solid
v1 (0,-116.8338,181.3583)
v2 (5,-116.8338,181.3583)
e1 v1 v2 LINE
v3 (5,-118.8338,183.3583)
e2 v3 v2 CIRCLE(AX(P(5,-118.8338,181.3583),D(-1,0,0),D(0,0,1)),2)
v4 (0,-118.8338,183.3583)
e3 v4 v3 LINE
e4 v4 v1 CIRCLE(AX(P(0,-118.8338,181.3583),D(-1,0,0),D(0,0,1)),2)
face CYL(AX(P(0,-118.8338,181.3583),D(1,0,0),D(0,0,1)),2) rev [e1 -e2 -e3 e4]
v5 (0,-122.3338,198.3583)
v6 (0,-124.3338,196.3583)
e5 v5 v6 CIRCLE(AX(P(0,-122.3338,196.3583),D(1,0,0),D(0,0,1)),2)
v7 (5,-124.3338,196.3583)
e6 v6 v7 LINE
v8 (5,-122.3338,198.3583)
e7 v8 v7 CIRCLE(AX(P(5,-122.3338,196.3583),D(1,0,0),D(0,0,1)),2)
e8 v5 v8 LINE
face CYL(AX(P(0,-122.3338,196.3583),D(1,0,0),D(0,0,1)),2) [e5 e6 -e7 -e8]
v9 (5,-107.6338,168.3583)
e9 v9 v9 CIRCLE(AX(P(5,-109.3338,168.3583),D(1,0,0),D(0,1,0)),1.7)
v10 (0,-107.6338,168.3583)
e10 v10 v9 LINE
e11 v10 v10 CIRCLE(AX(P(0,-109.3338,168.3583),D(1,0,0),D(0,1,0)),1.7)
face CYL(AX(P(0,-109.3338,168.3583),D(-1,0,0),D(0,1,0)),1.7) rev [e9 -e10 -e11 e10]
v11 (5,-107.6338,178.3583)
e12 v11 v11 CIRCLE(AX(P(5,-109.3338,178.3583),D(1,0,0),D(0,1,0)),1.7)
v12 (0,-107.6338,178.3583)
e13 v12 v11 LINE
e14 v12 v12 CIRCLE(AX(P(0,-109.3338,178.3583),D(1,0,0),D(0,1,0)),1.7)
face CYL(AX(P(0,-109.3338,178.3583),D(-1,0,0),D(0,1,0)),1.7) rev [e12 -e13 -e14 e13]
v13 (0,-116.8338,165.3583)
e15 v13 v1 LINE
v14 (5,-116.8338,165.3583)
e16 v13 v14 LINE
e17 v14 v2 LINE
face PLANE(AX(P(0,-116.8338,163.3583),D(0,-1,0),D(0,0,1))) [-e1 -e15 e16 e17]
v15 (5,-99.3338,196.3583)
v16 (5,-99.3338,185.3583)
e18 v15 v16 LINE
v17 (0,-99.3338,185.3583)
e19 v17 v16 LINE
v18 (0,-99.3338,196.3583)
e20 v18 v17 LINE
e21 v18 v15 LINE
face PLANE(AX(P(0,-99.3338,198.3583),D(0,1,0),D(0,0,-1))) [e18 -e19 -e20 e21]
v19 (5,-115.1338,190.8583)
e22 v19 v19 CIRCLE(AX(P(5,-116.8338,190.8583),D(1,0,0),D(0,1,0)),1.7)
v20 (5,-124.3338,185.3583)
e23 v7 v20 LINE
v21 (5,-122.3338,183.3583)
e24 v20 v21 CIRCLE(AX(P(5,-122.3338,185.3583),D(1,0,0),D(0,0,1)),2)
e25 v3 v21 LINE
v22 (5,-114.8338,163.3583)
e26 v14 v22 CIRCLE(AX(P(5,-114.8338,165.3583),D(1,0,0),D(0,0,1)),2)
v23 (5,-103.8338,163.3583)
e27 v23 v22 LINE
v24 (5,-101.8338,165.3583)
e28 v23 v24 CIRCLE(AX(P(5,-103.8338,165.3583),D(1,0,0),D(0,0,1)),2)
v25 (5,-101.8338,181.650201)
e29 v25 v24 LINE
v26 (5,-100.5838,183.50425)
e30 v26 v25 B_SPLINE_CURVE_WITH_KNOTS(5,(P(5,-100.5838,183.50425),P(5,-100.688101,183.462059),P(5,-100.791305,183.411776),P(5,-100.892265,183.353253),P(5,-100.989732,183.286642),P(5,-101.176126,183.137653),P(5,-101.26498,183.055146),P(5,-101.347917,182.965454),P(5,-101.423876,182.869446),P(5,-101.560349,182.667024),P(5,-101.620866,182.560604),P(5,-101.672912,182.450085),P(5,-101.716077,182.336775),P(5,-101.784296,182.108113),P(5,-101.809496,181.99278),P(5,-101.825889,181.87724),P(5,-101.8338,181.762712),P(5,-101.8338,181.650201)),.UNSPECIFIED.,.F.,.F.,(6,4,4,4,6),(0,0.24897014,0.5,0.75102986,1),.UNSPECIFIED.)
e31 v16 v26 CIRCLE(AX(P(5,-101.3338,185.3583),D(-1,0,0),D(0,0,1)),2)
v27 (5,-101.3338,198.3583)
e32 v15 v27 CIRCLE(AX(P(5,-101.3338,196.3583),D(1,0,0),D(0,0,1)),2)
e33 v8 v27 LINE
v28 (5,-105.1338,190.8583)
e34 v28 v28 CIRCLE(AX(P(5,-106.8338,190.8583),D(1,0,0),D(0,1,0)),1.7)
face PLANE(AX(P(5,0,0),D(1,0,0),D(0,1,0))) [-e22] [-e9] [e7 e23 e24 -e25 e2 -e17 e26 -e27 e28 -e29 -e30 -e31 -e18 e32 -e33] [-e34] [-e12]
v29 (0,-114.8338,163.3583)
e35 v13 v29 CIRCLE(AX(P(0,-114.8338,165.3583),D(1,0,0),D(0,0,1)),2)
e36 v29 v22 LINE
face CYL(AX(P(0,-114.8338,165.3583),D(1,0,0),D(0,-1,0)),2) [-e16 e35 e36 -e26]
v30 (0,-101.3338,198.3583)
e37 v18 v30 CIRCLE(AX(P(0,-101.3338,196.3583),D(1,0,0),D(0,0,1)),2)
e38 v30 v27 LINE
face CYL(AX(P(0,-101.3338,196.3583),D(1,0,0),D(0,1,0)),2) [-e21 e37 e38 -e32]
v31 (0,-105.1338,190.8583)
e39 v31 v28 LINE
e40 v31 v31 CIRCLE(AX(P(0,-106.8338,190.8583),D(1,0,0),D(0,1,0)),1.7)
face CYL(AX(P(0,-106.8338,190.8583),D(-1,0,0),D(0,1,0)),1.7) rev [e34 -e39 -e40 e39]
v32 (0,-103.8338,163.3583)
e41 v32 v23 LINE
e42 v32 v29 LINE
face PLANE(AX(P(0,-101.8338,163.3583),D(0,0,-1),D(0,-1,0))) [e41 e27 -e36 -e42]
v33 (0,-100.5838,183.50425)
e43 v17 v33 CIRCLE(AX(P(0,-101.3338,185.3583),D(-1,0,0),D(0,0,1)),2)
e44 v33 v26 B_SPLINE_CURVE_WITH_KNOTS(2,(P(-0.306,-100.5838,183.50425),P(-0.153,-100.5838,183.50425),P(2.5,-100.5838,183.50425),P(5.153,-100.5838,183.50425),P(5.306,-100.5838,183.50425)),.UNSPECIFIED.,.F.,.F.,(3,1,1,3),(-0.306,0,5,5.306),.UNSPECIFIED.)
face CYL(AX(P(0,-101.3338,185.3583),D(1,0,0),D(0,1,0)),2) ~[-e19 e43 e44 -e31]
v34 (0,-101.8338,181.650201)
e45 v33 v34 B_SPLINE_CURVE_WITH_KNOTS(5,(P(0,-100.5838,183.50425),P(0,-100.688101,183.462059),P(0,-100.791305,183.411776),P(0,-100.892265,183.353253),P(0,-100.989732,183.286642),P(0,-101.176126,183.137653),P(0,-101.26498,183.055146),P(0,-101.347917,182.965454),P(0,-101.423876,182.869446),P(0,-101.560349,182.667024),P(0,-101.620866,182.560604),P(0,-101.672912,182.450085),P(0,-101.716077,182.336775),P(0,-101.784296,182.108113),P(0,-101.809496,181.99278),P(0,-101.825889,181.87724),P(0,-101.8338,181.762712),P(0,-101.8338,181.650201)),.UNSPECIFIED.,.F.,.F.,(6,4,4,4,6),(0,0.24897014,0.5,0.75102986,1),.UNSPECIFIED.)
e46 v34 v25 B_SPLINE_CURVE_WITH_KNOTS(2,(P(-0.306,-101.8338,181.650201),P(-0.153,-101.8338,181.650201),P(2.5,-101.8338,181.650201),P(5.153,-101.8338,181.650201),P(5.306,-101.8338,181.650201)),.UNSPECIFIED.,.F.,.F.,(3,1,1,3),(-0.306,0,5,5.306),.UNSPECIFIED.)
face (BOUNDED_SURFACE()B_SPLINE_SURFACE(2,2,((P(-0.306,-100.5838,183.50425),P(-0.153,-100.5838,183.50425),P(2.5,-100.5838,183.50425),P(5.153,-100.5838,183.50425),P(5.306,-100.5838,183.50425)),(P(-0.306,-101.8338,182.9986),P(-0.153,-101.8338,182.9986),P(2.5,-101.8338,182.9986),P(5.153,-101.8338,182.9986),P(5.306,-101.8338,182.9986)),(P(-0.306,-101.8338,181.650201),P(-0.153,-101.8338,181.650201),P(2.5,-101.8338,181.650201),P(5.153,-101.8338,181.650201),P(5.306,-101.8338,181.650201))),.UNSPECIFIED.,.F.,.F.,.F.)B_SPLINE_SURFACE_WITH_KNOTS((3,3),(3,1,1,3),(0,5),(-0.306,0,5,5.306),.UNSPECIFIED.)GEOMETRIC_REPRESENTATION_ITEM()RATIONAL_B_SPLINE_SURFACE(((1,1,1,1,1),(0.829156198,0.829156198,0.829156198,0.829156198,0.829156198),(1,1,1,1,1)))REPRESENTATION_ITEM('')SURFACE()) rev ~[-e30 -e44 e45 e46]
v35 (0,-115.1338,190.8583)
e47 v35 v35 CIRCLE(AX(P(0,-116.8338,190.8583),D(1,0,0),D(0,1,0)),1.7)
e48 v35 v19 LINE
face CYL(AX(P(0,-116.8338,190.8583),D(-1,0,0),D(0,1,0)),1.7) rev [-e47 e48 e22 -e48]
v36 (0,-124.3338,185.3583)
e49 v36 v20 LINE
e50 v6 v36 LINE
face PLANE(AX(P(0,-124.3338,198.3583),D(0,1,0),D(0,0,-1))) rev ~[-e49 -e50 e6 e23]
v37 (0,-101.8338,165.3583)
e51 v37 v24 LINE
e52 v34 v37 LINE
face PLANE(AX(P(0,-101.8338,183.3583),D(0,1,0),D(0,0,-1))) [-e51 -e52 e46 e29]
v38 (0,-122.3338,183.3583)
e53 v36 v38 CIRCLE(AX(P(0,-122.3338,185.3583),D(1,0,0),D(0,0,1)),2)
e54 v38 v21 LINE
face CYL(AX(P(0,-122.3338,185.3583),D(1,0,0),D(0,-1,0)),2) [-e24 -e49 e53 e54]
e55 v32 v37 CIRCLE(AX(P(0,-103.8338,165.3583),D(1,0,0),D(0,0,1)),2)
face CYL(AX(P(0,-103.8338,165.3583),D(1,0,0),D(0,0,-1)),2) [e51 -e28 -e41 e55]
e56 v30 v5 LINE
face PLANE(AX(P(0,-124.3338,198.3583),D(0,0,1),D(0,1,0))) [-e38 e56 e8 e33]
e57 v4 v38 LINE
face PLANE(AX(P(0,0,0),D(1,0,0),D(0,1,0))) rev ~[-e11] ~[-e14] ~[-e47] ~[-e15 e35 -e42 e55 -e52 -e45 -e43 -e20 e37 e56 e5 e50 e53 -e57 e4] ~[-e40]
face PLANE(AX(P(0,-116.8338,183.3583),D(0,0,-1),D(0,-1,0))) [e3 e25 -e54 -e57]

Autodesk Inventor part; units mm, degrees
ref_plane "YZ Plane" through (0, 0, 0) normal (1, 0, 0) x (0, 1, 0)
ref_plane "XZ Plane" through (0, 0, 0) normal (0, 1, 0) x (-1, 0, 0)
ref_plane "XY Plane" through (0, 0, 0) normal (0, 0, 1) x (1, 0, 0)
sketch "スケッチ1" plane through (0, 0, 0) normal (1, 0, 0) x (0, 1, 0)
  line L0 (-166.8338, 198.3583) -> (193.1662, 198.3583)
  line L1 (193.1662, 198.3583) -> (193.1662, 183.3583)
  line L2 (193.1662, 183.3583) -> (-166.8338, 183.3583)
  line L3 (-166.8338, 183.3583) -> (-166.8338, 198.3583)
  line L4 (-166.8338, 233.3583) -> (-181.8338, 233.3583)
  line L5 (-181.8338, 233.3583) -> (-181.8338, 5.8583)
  line L6 (-181.8338, 5.8583) -> (-166.8338, 5.8583)
  line L7 (-166.8338, 5.8583) -> (-166.8338, 233.3583)
  line L8 (-166.8338, 233.3583) -> (-181.8338, 233.3583)
  line L9 (-181.8338, 233.3583) -> (-181.8338, 218.3583)
  line L10 (-181.8338, 218.3583) -> (-166.8338, 218.3583)
  line L11 (-166.8338, 218.3583) -> (-166.8338, 233.3583)
  line L12 (-116.8338, 183.3583) -> (-101.8338, 183.3583)
  line L13 (-101.8338, 183.3583) -> (-101.8338, 5.8583)
  line L14 (-101.8338, 5.8583) -> (-116.8338, 5.8583)
  line L15 (-116.8338, 5.8583) -> (-116.8338, 183.3583)
  line L16 (193.1662, 183.3583) -> (178.1662, 183.3583)
  line L17 (178.1662, 183.3583) -> (178.1662, 5.8583)
  line L18 (178.1662, 5.8583) -> (193.1662, 5.8583)
  line L19 (193.1662, 5.8583) -> (193.1662, 183.3583)
  circle A0 centre (-141.8338, 138.3583) radius 12.5
  circle A1 centre (-141.8338, 98.3583) radius 18.75
  line L20 (193.1662, 5.8583) -> (-166.8338, 5.8583)
  line L21 (-181.8338, 158.3583) -> (-101.8338, 158.3583)
  line L22 (-101.8338, 78.3583) -> (-181.8338, 78.3583)
  circle A2 centre (-141.8338, 98.3583) radius 20
  line L23 (-124.3338, 198.3583) -> (-124.3338, 183.3583)
  line L24 (-101.8338, 183.3583) -> (-101.8338, 198.3583)
  line L25 (-146.8338, 198.3583) -> (-146.8338, 183.3583)
  line L26 (-166.8338, 205.8583) -> (-181.8338, 205.8583)
  line L27 (-166.8338, 175.8583) -> (-181.8338, 175.8583)
  circle A3 centre (158.1662, 138.3583) radius 12.5
  line L28 (193.1662, 163.3583) -> (178.1662, 163.3583)
  line L29 (170.6662, 198.3583) -> (170.6662, 183.3583)
  line L30 (-166.8338, -186.6417) -> (193.1662, -186.6417)
  line L31 (193.1662, -186.6417) -> (193.1662, -171.6417)
  line L32 (193.1662, -171.6417) -> (-166.8338, -171.6417)
  line L33 (-166.8338, -171.6417) -> (-166.8338, -186.6417)
  line L34 (-166.8338, -221.6417) -> (-181.8338, -221.6417)
  line L35 (-181.8338, -221.6417) -> (-181.8338, 5.8583)
  line L36 (-166.8338, 5.8583) -> (-166.8338, -221.6417)
  line L37 (-166.8338, -221.6417) -> (-181.8338, -221.6417)
  line L38 (-181.8338, -221.6417) -> (-181.8338, -206.6417)
  line L39 (-181.8338, -206.6417) -> (-166.8338, -206.6417)
  line L40 (-166.8338, -206.6417) -> (-166.8338, -221.6417)
  line L41 (-116.8338, -171.6417) -> (-101.8338, -171.6417)
  line L42 (-101.8338, -171.6417) -> (-101.8338, 5.8583)
  line L43 (-116.8338, 5.8583) -> (-116.8338, -171.6417)
  line L44 (193.1662, -171.6417) -> (178.1662, -171.6417)
  line L45 (178.1662, -171.6417) -> (178.1662, 5.8583)
  line L46 (193.1662, 5.8583) -> (193.1662, -171.6417)
  circle A4 centre (-141.8338, -126.6417) radius 12.5
  circle A5 centre (-141.8338, -86.6417) radius 18.75
  line L47 (-181.8338, -146.6417) -> (-101.8338, -146.6417)
  line L48 (-101.8338, -66.6417) -> (-181.8338, -66.6417)
  circle A6 centre (-141.8338, -86.6417) radius 20
  line L49 (-124.3338, -186.6417) -> (-124.3338, -171.6417)
  line L50 (-101.8338, -171.6417) -> (-101.8338, -186.6417)
  line L51 (-146.8338, -186.6417) -> (-146.8338, -171.6417)
  line L52 (-166.8338, -194.1417) -> (-181.8338, -194.1417)
  line L53 (-166.8338, -164.1417) -> (-181.8338, -164.1417)
  circle A7 centre (158.1662, -126.6417) radius 12.5
  line L54 (193.1662, -151.6417) -> (178.1662, -151.6417)
  line L55 (170.6662, -186.6417) -> (170.6662, -171.6417)
  line L56 (193.1662, 158.3583) -> (145.6662, 158.3583)
  line L57 (145.6662, 158.3583) -> (145.6662, 78.3583)
  line L58 (145.6662, 78.3583) -> (193.1662, 78.3583)
  line L59 (193.1662, 78.3583) -> (193.1662, 158.3583)
  line L60 (178.1662, 158.3583) -> (154.1437, 150.1934)
  line L61 (147.3229, 132.1397) -> (178.1662, 78.3583)
  circle A8 centre (-116.8338, 190.8583) radius 1.7
  circle A9 centre (-106.8338, 190.8583) radius 1.7
  circle A10 centre (-109.3338, 178.3583) radius 1.7
  circle A11 centre (-109.3338, 168.3583) radius 1.7
  line L62 (-101.8338, 163.3583) -> (-116.8338, 163.3583)
  line L63 (-99.3338, 198.3583) -> (-99.3338, 183.3583)
  point P0 (0, 0)
  point P1 (-174.3338, 200.8583)
  point P2 (-174.3338, 190.8583)
  point P3 (-174.3338, 180.8583)
  point P4 (-161.8338, 190.8583)
  point P5 (-151.8338, 190.8583)
  point P6 (185.6662, 178.3583)
  point P7 (185.6662, 168.3583)
  point P8 (183.1662, 190.8583)
  point P9 (173.1662, 190.8583)
  point P10 (-109.3338, 183.3583)
  point P11 (193.1662, 190.8583)
  point P12 (-109.3338, 98.3583)
  point P13 (-109.3338, 138.3583)
  point P14 (-174.3338, 138.3583)
  point P15 (-174.3338, 98.3583)
  point P16 (-174.3338, -86.6417)
  point P17 (-109.3338, -86.6417)
  point P18 (-109.3338, -126.6417)
  point P19 (-174.3338, -126.6417)
  point P20 (-174.3338, -169.1417)
  point P21 (-174.3338, -179.1417)
  point P22 (-174.3338, -189.1417)
  point P23 (-161.8338, -179.1417)
  point P24 (-151.8338, -179.1417)
  point P25 (-116.8338, -179.1417)
  point P26 (-106.8338, -179.1417)
  point P27 (-109.3338, -166.6417)
  point P28 (-109.3338, -156.6417)
  point P29 (173.1662, -179.1417)
  point P30 (183.1662, -179.1417)
  point P31 (185.6662, -166.6417)
  point P32 (185.6662, -156.6417)
  point P33 (185.6662, 138.3583)
  point P34 (185.6662, 98.3583)
  point P35 (178.1662, 94.6083)
  point P36 (185.6662, -86.6417)
  point P37 (185.6662, -126.6417)
  point P38 (-116.8338, 158.3583)
  dimension "d0" = 7.5
  dimension "d1" = 7.5
  dimension "d2" = 7.5
  dimension "d3" = 7.5
  dimension "d4" = 10
  dimension "d5" = 10
  dimension "d6" = 5
  dimension "d7" = 10
  dimension "d8" = 7.5
  dimension "d9" = 7.5
  dimension "d10" = 7.5
  dimension "d11" = 10
  dimension "d13" = 7.5
  dimension "d14" = 5
  dimension "d15" = 10
  dimension "d16" = 7.5
  dimension "d17" = 7.5
  dimension "d18" = 10
  dimension "d19" = 10
  dimension "d20" = 7.5
  dimension "d21" = 7.5
  dimension "d22" = 5
  dimension "d23" = 10
  dimension "d24" = 7.5
  dimension "d25" = 7.5
  dimension "d26" = 20
  dimension "d27" = 20
  dimension "d28" = 7.5
  dimension "d29" = 7.5
  dimension "d30" = 20
  dimension "d31" = 7.5
  dimension "d32" = 7.5
  dimension "d33" = 20
  dimension "d34" = 3.4
  dimension "d35" = 3.4
  dimension "d36" = 3.4
  dimension "d37" = 3.4
  dimension "d41" = 5
  dimension "d42" = 15
  dimension "d43" = 5
  dimension "d44" = 22.5
  dimension "d45" = 2.5
extrude "押し出し1" add sketch "スケッチ1" along normal blind 5 contours L0 L24 L2 L23 | L0 L63 L2 L24 | L13 L62 L15 L2
fillet "フィレット1" radius 2 8 edges at (2.5, -124.3338, 198.3583) (2.5, -124.3338, 183.3583) (2.5, -116.8338, 183.3583) (2.5, -116.8338, 163.3583) (2.5, -101.8338, 163.3583) (2.5, -99.3338, 198.3583) (2.5, -99.3338, 183.3583) (2.5, -101.8338, 183.3583)
equation "\"d1\" = d0"
equation "\"d2\" = d0"
equation "\"d3\" = d0"
equation "\"d8\" = d0"
equation "\"d9\" = d0"
equation "\"d10\" = d0"
equation "\"d13\" = d0"
equation "\"d16\" = d0"
equation "\"d17\" = d0"
equation "\"d20\" = d21"
equation "\"d24\" = d21"
equation "\"d25\" = d21"
equation "\"d32\" = d31"
equation "\"d33\" = d30"
properties part number "ball_loading_v1_Plate_ASP_F_2" material "ABS プラスチック"
